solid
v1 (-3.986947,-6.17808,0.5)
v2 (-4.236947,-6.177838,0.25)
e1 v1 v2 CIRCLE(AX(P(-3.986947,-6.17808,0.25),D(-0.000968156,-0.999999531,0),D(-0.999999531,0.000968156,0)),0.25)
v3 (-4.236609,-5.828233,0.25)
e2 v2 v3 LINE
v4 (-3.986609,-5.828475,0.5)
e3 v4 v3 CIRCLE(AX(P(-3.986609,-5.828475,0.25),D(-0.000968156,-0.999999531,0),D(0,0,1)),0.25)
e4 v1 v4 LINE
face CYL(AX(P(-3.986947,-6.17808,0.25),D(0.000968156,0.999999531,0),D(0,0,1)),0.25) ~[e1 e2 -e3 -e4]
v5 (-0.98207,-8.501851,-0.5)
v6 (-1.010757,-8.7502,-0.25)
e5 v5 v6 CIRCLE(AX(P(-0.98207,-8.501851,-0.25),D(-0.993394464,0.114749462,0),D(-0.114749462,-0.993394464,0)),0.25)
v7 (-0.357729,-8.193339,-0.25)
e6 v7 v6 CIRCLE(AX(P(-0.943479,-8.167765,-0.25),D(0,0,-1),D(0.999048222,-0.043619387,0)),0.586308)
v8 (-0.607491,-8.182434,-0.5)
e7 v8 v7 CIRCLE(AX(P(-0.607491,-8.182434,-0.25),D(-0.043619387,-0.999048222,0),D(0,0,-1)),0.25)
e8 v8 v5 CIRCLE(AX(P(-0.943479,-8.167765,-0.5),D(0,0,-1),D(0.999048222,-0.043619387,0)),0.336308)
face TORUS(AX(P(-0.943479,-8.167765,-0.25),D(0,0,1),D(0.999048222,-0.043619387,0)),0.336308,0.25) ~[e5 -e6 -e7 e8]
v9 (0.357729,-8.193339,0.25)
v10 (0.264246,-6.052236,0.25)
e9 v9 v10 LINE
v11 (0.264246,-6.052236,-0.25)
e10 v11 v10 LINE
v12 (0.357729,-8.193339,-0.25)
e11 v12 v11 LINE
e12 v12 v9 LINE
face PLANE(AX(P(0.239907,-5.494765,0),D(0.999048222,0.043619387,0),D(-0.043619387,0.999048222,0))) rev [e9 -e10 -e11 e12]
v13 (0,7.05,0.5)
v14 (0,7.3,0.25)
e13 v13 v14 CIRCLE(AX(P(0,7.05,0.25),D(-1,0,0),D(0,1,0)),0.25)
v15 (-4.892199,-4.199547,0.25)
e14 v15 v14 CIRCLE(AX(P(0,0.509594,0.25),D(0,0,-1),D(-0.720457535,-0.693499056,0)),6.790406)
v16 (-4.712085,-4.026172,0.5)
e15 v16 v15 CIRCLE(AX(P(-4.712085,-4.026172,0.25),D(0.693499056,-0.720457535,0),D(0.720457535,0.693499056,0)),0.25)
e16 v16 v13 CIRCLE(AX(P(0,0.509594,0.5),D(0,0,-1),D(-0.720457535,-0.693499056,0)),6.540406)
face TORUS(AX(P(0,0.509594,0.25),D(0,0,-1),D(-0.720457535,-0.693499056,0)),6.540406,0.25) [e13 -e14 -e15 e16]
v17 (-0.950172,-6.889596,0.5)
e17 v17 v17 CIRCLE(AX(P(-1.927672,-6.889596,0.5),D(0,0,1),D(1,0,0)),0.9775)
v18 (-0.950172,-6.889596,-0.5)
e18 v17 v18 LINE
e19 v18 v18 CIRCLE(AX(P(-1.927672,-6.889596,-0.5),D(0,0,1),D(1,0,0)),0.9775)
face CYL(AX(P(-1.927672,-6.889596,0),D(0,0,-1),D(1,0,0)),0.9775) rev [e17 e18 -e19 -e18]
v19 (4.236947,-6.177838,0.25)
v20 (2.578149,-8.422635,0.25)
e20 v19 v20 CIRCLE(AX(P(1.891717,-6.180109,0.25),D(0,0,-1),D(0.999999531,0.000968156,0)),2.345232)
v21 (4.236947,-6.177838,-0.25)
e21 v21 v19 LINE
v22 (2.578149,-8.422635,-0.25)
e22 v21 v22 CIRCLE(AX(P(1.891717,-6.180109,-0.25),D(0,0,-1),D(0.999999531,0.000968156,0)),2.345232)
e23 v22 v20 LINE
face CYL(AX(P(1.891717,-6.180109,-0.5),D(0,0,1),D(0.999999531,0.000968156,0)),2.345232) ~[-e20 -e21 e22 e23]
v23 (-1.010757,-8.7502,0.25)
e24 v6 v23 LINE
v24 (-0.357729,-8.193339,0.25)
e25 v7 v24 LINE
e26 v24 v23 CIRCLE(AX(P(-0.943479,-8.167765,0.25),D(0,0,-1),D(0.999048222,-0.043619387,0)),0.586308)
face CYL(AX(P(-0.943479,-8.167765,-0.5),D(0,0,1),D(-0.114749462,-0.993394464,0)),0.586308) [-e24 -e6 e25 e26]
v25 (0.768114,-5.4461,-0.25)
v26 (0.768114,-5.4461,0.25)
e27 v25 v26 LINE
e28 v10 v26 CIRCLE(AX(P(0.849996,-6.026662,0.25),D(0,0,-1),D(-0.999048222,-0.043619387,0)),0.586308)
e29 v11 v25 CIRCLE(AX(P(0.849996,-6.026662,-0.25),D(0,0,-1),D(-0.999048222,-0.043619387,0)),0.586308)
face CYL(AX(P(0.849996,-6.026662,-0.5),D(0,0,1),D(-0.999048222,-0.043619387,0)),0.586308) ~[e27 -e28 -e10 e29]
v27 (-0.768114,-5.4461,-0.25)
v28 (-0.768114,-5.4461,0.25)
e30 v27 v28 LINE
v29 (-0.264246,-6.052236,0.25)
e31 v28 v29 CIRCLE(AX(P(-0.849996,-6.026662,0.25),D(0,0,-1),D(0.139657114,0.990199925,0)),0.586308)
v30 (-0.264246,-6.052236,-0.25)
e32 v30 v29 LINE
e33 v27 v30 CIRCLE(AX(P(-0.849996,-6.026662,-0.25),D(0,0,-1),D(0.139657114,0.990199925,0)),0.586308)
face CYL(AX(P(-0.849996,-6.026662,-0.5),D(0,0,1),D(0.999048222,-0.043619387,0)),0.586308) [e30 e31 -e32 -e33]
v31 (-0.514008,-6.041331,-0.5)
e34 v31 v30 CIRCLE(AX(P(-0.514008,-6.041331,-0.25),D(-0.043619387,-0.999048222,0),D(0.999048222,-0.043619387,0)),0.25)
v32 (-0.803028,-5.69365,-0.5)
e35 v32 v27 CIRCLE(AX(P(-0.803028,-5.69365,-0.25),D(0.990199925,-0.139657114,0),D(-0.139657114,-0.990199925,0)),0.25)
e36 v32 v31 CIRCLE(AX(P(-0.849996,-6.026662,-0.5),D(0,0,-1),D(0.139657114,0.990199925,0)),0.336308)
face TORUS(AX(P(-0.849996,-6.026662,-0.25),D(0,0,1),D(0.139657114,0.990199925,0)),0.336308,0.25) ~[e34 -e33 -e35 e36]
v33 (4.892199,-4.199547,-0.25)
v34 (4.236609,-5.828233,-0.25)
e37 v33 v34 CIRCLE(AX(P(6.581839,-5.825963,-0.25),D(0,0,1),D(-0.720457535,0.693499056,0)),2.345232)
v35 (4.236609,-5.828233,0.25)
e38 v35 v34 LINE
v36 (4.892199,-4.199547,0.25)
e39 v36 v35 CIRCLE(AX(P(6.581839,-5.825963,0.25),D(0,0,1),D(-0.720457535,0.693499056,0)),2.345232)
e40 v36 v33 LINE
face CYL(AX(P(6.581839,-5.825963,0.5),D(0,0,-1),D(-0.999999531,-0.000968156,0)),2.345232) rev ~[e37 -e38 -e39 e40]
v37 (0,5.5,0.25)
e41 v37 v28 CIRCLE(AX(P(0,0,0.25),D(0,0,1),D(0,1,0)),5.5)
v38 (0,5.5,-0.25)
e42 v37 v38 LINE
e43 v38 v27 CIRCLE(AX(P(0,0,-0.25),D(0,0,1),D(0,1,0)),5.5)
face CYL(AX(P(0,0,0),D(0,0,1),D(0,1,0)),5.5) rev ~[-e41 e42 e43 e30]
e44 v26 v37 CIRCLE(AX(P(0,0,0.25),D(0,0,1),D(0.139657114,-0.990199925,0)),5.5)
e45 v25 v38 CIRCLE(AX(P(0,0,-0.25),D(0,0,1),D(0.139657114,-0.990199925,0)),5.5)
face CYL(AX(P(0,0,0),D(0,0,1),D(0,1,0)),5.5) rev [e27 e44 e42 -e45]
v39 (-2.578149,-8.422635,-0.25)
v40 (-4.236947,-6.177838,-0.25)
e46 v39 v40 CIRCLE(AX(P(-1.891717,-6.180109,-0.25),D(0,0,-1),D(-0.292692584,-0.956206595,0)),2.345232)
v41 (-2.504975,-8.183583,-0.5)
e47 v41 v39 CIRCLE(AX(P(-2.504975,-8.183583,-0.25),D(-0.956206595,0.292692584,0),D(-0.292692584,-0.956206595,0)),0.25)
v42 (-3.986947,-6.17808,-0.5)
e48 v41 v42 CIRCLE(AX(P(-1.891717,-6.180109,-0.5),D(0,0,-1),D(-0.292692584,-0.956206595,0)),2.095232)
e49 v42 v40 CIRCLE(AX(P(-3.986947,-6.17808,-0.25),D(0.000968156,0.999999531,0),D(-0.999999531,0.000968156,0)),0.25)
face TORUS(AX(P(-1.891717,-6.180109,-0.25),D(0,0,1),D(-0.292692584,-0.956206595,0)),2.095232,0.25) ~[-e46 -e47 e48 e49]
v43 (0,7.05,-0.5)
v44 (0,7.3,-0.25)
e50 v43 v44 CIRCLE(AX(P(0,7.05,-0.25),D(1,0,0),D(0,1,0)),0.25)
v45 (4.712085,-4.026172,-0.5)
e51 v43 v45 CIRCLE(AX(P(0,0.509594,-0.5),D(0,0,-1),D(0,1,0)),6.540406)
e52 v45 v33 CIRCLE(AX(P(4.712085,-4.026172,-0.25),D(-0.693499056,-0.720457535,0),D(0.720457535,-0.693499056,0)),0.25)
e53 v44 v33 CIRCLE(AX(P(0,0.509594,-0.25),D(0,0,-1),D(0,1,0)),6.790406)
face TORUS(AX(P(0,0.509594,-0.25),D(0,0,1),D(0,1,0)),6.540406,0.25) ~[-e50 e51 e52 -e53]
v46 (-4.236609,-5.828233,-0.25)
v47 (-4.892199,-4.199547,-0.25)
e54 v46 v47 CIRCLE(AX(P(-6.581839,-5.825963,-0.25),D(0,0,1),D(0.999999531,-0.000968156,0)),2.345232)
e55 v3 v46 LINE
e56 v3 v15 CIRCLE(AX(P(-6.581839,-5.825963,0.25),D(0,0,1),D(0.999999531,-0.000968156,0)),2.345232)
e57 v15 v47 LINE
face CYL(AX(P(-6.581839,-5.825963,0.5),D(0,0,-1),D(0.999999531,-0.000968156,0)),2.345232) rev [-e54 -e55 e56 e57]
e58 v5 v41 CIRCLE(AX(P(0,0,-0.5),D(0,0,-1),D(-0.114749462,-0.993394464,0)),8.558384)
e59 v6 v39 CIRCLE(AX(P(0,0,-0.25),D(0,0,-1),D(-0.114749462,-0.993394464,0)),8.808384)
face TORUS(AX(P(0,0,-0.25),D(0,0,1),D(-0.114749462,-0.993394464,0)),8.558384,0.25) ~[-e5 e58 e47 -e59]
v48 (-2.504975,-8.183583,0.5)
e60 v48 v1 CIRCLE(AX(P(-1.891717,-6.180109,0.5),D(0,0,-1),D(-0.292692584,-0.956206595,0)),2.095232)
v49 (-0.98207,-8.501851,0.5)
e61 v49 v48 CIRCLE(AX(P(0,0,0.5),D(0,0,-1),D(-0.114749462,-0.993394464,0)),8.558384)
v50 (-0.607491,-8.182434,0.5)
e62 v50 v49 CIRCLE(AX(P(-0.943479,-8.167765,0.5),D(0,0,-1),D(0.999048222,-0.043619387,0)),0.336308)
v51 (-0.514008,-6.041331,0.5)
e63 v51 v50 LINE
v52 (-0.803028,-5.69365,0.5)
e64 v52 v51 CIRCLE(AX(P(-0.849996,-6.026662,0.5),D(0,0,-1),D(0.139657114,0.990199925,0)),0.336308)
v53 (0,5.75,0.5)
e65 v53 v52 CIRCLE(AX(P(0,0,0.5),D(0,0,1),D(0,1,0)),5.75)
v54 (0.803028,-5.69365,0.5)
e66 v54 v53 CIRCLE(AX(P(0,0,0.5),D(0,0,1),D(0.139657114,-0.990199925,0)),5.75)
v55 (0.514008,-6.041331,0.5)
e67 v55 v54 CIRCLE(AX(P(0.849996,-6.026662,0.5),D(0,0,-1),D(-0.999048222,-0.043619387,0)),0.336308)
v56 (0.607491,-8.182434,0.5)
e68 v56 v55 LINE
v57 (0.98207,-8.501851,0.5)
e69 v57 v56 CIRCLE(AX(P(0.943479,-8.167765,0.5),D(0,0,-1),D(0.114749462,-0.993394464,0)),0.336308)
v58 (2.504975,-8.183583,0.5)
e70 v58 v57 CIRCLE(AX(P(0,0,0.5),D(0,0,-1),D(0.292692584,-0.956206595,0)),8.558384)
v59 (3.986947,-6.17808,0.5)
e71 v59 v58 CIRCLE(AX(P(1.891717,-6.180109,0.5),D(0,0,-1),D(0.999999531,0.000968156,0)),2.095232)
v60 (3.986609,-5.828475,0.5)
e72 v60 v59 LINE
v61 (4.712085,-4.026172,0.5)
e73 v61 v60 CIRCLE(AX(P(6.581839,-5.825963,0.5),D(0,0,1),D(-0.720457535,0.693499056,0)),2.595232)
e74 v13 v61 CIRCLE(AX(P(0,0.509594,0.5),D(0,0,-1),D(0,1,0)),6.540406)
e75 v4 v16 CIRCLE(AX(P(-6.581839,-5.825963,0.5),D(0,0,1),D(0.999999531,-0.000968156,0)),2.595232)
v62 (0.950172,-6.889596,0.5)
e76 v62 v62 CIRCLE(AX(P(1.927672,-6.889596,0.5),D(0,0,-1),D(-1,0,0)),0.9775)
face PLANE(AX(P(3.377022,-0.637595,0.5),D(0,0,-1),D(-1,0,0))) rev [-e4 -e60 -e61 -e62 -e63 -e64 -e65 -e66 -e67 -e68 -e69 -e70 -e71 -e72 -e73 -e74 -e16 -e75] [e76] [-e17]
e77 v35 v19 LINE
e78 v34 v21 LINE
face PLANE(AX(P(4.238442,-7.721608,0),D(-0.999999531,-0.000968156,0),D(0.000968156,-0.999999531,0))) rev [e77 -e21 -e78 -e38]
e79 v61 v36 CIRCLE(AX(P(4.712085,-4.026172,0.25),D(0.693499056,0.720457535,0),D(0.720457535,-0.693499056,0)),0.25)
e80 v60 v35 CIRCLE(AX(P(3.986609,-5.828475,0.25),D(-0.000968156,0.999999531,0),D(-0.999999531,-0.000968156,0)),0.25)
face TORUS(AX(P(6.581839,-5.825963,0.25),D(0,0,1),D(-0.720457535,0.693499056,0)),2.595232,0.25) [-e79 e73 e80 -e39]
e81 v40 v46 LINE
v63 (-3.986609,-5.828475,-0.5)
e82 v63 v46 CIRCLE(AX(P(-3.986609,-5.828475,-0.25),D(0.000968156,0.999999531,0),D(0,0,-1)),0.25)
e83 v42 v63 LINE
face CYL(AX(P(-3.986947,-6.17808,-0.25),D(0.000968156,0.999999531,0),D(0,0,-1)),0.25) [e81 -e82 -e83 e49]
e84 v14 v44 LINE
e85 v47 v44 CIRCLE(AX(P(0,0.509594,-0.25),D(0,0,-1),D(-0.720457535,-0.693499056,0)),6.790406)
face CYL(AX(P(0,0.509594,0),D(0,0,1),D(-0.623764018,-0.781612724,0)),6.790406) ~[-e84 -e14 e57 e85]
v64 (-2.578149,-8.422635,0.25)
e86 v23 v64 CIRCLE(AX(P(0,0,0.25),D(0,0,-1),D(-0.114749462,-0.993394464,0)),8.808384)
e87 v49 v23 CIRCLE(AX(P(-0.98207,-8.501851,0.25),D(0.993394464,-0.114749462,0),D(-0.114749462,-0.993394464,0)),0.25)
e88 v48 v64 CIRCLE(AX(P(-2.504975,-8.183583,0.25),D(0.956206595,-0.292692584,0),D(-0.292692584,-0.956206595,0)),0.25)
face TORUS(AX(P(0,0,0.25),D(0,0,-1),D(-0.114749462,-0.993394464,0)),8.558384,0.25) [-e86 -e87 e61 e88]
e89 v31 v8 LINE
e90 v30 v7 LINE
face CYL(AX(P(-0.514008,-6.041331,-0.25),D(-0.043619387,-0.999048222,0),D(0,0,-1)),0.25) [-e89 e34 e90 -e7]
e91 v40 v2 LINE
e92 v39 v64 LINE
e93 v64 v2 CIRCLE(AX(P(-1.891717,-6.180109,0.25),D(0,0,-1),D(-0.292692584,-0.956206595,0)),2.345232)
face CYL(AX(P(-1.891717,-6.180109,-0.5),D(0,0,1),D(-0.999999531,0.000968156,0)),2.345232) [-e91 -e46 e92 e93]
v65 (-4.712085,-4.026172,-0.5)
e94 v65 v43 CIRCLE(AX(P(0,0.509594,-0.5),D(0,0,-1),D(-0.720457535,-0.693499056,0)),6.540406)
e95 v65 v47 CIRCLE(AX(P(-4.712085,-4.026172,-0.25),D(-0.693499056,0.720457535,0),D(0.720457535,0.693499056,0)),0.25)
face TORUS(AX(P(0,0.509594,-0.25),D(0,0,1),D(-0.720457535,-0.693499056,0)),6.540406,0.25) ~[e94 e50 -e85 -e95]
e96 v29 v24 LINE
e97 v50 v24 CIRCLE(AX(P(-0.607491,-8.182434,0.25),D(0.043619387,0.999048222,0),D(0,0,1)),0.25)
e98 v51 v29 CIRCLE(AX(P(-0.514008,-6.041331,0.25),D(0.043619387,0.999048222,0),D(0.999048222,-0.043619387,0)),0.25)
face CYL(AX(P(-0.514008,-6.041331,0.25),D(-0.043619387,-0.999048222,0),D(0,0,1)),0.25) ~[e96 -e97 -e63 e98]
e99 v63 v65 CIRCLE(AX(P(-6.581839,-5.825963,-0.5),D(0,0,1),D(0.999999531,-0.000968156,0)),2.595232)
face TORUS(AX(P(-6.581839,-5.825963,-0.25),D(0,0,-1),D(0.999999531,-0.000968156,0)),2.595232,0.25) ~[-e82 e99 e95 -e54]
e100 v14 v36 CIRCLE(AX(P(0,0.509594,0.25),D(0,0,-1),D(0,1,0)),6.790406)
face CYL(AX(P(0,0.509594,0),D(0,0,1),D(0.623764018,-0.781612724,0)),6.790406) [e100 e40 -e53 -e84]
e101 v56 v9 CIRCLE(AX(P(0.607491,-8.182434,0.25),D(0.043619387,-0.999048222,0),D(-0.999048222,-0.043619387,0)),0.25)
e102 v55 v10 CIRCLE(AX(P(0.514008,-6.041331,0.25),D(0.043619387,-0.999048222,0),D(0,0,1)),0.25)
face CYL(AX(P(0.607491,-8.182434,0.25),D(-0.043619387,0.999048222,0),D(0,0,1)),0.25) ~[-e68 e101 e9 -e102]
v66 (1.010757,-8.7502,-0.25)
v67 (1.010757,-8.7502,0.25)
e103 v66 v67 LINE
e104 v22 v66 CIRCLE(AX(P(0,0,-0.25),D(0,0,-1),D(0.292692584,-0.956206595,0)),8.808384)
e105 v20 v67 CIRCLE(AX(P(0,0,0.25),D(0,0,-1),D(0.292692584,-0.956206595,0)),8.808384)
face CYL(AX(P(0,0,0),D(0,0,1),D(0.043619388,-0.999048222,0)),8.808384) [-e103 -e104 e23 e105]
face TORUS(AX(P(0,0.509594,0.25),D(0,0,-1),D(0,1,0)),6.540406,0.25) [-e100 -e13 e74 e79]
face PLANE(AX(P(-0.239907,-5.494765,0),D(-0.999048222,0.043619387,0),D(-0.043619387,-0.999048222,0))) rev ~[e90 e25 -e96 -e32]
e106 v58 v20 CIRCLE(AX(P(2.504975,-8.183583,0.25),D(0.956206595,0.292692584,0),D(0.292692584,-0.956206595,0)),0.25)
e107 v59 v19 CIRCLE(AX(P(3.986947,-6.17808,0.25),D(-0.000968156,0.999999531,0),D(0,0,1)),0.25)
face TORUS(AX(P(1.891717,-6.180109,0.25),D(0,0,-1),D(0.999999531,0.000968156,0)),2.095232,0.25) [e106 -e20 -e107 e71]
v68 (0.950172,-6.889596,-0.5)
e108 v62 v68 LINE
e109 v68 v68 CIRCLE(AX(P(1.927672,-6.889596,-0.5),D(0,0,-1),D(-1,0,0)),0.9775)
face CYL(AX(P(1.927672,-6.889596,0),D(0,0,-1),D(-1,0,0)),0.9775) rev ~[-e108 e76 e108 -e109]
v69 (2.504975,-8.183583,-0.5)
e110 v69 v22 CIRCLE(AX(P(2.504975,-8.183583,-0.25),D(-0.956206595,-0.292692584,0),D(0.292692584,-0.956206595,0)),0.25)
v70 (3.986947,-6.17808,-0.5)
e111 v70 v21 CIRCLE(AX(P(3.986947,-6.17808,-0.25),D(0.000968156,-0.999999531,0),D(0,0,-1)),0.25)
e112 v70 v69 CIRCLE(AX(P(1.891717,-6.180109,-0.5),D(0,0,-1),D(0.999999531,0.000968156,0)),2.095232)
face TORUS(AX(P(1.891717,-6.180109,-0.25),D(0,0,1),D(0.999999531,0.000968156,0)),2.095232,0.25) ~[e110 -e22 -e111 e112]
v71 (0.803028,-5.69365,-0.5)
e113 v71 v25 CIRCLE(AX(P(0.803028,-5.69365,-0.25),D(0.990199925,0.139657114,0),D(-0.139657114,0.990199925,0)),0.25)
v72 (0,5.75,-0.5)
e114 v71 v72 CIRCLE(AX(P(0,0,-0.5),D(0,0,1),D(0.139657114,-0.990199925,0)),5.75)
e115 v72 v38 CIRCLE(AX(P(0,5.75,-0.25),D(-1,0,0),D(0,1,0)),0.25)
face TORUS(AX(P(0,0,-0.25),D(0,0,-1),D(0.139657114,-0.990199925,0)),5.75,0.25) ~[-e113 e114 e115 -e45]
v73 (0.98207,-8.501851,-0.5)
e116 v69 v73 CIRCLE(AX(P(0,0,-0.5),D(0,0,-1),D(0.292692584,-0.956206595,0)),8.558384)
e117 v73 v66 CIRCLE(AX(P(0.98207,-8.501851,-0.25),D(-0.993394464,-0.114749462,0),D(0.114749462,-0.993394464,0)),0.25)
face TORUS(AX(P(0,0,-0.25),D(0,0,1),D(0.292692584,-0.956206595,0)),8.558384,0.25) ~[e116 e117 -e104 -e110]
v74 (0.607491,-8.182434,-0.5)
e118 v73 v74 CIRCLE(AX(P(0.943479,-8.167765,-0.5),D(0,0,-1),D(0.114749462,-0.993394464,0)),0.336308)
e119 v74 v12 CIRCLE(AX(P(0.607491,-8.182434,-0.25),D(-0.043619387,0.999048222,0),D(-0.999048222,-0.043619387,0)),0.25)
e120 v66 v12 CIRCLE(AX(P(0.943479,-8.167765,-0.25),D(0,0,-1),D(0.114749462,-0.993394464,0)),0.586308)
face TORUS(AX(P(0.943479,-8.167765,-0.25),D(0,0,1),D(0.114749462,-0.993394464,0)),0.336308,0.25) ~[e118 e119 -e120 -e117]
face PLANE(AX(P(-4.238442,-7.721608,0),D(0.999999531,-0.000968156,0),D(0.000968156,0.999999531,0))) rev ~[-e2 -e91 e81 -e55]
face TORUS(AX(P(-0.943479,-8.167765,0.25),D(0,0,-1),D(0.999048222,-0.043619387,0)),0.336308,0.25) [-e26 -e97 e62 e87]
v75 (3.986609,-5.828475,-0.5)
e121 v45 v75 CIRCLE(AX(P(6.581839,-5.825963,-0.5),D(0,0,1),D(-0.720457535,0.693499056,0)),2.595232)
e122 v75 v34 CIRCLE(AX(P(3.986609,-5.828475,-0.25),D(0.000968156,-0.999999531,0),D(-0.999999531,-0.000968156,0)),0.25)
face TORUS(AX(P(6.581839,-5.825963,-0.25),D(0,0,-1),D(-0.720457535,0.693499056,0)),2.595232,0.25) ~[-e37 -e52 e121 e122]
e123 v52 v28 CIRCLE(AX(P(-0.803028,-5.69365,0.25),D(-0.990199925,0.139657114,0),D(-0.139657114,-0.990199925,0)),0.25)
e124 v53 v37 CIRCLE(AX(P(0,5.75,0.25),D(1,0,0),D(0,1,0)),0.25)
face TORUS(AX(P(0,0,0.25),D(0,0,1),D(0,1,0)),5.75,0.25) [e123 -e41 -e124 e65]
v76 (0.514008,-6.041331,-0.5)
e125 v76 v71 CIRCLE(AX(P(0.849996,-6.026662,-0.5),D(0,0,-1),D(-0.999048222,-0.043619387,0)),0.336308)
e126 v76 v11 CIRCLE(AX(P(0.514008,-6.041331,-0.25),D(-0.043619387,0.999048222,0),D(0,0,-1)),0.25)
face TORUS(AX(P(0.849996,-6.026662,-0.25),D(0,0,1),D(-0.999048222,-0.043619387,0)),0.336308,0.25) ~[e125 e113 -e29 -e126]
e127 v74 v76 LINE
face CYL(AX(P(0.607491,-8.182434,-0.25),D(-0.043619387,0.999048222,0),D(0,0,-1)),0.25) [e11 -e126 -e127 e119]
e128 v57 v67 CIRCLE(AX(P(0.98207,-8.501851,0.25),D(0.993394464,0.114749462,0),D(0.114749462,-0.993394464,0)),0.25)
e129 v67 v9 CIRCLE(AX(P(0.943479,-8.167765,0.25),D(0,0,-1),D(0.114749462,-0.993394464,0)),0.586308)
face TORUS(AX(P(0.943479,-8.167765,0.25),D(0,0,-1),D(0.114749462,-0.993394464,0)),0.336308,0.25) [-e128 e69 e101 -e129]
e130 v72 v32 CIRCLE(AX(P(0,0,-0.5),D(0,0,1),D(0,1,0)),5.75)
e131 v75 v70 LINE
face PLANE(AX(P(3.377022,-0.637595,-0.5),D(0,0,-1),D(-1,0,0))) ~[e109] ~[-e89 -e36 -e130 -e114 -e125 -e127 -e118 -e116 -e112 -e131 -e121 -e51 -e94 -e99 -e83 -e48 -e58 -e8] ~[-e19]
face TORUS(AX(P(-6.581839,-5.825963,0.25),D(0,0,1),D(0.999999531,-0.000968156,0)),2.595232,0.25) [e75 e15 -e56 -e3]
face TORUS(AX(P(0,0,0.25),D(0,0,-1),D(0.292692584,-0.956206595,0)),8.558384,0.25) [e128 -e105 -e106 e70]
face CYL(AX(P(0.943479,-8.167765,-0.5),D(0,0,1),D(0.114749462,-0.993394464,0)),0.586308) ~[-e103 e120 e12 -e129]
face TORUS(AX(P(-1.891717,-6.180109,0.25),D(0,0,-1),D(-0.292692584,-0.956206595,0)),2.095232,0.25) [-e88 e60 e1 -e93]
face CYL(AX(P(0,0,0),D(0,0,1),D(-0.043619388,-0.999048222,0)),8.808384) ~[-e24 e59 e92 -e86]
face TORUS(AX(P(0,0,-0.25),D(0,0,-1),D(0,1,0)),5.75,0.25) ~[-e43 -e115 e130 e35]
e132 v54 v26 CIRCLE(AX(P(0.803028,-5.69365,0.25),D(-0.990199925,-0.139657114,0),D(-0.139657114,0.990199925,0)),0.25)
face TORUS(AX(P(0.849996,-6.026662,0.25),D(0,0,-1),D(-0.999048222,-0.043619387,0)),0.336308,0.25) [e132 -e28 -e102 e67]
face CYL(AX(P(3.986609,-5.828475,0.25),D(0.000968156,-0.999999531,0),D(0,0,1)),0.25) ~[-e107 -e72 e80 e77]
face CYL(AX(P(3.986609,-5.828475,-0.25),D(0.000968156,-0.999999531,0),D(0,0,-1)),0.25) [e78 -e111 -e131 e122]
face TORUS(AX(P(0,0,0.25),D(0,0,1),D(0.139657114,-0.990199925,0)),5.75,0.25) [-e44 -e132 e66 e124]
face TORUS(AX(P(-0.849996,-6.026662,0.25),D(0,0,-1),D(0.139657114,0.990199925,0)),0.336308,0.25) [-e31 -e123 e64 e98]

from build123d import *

# Parameters (mm, degrees)
SKETCH2_R           = 0.9775
BOSS_EXTRUDE1_DEPTH = 0.5
FILLET1_R           = 2.345231598
FILLET2_R           = 0.586307899
FILLET3_R           = 0.25


with BuildPart() as part:
    # Sketch2 → Boss-Extrude1 (new, symmetric)
    with BuildSketch(Plane.XY):
        with BuildLine():
            Line((-4.238441776, -7.721608218), (-4.235611145, -4.797874345))
            ThreePointArc((-4.235611145, -4.797874345), (-6.4089579, 2.753446809), (0, 7.3))
            Line((0, 7.3), (0, 5.5))
            ThreePointArc((0, 5.5), (-5.498691149, 0.119981868), (-0.239906631, -5.494765219))
            Line((-0.239906631, -5.494765219), (-0.384216298, -8.8))
            ThreePointArc((-0.384216298, -8.8), (-2.373388743, -8.482608563), (-4.238441776, -7.721608218))
        make_face()
        with Locations((-1.927672435, -6.889596469)):
            Circle(SKETCH2_R, mode=Mode.SUBTRACT)
    extrude(amount=BOSS_EXTRUDE1_DEPTH, both=True)

    # Fillet1
    fillet1_edges = [part.edges().sort_by_distance(p)[0] for p in [
        (-4.238441776, -7.721608218, 0),
        (-4.235611145, -4.797874345, 0),
    ]]
    fillet(fillet1_edges, radius=FILLET1_R)

    # Fillet2
    fillet2_edges = [part.edges().sort_by_distance(p)[0] for p in [
        (-0.239906631, -5.494765219, 0),
        (-0.384216298, -8.8, 0),
    ]]
    fillet(fillet2_edges, radius=FILLET2_R)

    # Mirror1: part across plane


with BuildPart() as part_1:
    add(part.part)
    add(part.part.mirror(Plane(origin=(0, 7.3, 0.5), x_dir=(0, 0, 1), z_dir=(-1, 0, 0))))

    # Fillet3
    fillet3_edges = [part_1.edges().sort_by_distance(p)[0] for p in [
        (-1.801911763, -8.622107408, -0.5),
        (-1.801911763, -8.622107408, 0.5),
        (-4.236777929, -6.003035614, -0.5),
        (-3.777856114, -7.573876592, -0.5),
        (-4.236777929, -6.003035614, 0.5),
        (-3.777856114, -7.573876592, 0.5),
        (-4.406247452, -4.950227612, -0.5),
        (-4.406247452, -4.950227612, 0.5),
        (-0.310987617, -7.122787459, -0.5),
        (-0.310987617, -7.122787459, 0.5),
        (0, 5.5, -0.5),
        (-0.399126544, -5.651863663, -0.5),
        (-0.563049305, -8.61389272, -0.5),
        (5.486508349, 0.385001482, 0.5),
        (-0.399126544, -5.651863663, 0.5),
        (6.248463616, 3.167848868, 0.5),
        (-0.563049305, -8.61389272, 0.5),
        (0.310987617, -7.122787459, -0.5),
        (4.236777929, -6.003035614, -0.5),
        (1.801911763, -8.622107408, -0.5),
        (4.236777929, -6.003035614, 0.5),
        (1.801911763, -8.622107408, 0.5),
        (0.310987617, -7.122787459, 0.5),
        (3.777856114, -7.573876592, 0.5),
        (3.777856114, -7.573876592, -0.5),
        (4.406247452, -4.950227612, 0.5),
        (4.406247452, -4.950227612, -0.5),
        (0.563049305, -8.61389272, 0.5),
        (0.563049305, -8.61389272, -0.5),
        (0.399126544, -5.651863663, 0.5),
        (0.399126544, -5.651863663, -0.5),
        (6.248463616, 3.167848868, -0.5),
    ]]
    fillet(fillet3_edges, radius=FILLET3_R)


solid = part_1.part
